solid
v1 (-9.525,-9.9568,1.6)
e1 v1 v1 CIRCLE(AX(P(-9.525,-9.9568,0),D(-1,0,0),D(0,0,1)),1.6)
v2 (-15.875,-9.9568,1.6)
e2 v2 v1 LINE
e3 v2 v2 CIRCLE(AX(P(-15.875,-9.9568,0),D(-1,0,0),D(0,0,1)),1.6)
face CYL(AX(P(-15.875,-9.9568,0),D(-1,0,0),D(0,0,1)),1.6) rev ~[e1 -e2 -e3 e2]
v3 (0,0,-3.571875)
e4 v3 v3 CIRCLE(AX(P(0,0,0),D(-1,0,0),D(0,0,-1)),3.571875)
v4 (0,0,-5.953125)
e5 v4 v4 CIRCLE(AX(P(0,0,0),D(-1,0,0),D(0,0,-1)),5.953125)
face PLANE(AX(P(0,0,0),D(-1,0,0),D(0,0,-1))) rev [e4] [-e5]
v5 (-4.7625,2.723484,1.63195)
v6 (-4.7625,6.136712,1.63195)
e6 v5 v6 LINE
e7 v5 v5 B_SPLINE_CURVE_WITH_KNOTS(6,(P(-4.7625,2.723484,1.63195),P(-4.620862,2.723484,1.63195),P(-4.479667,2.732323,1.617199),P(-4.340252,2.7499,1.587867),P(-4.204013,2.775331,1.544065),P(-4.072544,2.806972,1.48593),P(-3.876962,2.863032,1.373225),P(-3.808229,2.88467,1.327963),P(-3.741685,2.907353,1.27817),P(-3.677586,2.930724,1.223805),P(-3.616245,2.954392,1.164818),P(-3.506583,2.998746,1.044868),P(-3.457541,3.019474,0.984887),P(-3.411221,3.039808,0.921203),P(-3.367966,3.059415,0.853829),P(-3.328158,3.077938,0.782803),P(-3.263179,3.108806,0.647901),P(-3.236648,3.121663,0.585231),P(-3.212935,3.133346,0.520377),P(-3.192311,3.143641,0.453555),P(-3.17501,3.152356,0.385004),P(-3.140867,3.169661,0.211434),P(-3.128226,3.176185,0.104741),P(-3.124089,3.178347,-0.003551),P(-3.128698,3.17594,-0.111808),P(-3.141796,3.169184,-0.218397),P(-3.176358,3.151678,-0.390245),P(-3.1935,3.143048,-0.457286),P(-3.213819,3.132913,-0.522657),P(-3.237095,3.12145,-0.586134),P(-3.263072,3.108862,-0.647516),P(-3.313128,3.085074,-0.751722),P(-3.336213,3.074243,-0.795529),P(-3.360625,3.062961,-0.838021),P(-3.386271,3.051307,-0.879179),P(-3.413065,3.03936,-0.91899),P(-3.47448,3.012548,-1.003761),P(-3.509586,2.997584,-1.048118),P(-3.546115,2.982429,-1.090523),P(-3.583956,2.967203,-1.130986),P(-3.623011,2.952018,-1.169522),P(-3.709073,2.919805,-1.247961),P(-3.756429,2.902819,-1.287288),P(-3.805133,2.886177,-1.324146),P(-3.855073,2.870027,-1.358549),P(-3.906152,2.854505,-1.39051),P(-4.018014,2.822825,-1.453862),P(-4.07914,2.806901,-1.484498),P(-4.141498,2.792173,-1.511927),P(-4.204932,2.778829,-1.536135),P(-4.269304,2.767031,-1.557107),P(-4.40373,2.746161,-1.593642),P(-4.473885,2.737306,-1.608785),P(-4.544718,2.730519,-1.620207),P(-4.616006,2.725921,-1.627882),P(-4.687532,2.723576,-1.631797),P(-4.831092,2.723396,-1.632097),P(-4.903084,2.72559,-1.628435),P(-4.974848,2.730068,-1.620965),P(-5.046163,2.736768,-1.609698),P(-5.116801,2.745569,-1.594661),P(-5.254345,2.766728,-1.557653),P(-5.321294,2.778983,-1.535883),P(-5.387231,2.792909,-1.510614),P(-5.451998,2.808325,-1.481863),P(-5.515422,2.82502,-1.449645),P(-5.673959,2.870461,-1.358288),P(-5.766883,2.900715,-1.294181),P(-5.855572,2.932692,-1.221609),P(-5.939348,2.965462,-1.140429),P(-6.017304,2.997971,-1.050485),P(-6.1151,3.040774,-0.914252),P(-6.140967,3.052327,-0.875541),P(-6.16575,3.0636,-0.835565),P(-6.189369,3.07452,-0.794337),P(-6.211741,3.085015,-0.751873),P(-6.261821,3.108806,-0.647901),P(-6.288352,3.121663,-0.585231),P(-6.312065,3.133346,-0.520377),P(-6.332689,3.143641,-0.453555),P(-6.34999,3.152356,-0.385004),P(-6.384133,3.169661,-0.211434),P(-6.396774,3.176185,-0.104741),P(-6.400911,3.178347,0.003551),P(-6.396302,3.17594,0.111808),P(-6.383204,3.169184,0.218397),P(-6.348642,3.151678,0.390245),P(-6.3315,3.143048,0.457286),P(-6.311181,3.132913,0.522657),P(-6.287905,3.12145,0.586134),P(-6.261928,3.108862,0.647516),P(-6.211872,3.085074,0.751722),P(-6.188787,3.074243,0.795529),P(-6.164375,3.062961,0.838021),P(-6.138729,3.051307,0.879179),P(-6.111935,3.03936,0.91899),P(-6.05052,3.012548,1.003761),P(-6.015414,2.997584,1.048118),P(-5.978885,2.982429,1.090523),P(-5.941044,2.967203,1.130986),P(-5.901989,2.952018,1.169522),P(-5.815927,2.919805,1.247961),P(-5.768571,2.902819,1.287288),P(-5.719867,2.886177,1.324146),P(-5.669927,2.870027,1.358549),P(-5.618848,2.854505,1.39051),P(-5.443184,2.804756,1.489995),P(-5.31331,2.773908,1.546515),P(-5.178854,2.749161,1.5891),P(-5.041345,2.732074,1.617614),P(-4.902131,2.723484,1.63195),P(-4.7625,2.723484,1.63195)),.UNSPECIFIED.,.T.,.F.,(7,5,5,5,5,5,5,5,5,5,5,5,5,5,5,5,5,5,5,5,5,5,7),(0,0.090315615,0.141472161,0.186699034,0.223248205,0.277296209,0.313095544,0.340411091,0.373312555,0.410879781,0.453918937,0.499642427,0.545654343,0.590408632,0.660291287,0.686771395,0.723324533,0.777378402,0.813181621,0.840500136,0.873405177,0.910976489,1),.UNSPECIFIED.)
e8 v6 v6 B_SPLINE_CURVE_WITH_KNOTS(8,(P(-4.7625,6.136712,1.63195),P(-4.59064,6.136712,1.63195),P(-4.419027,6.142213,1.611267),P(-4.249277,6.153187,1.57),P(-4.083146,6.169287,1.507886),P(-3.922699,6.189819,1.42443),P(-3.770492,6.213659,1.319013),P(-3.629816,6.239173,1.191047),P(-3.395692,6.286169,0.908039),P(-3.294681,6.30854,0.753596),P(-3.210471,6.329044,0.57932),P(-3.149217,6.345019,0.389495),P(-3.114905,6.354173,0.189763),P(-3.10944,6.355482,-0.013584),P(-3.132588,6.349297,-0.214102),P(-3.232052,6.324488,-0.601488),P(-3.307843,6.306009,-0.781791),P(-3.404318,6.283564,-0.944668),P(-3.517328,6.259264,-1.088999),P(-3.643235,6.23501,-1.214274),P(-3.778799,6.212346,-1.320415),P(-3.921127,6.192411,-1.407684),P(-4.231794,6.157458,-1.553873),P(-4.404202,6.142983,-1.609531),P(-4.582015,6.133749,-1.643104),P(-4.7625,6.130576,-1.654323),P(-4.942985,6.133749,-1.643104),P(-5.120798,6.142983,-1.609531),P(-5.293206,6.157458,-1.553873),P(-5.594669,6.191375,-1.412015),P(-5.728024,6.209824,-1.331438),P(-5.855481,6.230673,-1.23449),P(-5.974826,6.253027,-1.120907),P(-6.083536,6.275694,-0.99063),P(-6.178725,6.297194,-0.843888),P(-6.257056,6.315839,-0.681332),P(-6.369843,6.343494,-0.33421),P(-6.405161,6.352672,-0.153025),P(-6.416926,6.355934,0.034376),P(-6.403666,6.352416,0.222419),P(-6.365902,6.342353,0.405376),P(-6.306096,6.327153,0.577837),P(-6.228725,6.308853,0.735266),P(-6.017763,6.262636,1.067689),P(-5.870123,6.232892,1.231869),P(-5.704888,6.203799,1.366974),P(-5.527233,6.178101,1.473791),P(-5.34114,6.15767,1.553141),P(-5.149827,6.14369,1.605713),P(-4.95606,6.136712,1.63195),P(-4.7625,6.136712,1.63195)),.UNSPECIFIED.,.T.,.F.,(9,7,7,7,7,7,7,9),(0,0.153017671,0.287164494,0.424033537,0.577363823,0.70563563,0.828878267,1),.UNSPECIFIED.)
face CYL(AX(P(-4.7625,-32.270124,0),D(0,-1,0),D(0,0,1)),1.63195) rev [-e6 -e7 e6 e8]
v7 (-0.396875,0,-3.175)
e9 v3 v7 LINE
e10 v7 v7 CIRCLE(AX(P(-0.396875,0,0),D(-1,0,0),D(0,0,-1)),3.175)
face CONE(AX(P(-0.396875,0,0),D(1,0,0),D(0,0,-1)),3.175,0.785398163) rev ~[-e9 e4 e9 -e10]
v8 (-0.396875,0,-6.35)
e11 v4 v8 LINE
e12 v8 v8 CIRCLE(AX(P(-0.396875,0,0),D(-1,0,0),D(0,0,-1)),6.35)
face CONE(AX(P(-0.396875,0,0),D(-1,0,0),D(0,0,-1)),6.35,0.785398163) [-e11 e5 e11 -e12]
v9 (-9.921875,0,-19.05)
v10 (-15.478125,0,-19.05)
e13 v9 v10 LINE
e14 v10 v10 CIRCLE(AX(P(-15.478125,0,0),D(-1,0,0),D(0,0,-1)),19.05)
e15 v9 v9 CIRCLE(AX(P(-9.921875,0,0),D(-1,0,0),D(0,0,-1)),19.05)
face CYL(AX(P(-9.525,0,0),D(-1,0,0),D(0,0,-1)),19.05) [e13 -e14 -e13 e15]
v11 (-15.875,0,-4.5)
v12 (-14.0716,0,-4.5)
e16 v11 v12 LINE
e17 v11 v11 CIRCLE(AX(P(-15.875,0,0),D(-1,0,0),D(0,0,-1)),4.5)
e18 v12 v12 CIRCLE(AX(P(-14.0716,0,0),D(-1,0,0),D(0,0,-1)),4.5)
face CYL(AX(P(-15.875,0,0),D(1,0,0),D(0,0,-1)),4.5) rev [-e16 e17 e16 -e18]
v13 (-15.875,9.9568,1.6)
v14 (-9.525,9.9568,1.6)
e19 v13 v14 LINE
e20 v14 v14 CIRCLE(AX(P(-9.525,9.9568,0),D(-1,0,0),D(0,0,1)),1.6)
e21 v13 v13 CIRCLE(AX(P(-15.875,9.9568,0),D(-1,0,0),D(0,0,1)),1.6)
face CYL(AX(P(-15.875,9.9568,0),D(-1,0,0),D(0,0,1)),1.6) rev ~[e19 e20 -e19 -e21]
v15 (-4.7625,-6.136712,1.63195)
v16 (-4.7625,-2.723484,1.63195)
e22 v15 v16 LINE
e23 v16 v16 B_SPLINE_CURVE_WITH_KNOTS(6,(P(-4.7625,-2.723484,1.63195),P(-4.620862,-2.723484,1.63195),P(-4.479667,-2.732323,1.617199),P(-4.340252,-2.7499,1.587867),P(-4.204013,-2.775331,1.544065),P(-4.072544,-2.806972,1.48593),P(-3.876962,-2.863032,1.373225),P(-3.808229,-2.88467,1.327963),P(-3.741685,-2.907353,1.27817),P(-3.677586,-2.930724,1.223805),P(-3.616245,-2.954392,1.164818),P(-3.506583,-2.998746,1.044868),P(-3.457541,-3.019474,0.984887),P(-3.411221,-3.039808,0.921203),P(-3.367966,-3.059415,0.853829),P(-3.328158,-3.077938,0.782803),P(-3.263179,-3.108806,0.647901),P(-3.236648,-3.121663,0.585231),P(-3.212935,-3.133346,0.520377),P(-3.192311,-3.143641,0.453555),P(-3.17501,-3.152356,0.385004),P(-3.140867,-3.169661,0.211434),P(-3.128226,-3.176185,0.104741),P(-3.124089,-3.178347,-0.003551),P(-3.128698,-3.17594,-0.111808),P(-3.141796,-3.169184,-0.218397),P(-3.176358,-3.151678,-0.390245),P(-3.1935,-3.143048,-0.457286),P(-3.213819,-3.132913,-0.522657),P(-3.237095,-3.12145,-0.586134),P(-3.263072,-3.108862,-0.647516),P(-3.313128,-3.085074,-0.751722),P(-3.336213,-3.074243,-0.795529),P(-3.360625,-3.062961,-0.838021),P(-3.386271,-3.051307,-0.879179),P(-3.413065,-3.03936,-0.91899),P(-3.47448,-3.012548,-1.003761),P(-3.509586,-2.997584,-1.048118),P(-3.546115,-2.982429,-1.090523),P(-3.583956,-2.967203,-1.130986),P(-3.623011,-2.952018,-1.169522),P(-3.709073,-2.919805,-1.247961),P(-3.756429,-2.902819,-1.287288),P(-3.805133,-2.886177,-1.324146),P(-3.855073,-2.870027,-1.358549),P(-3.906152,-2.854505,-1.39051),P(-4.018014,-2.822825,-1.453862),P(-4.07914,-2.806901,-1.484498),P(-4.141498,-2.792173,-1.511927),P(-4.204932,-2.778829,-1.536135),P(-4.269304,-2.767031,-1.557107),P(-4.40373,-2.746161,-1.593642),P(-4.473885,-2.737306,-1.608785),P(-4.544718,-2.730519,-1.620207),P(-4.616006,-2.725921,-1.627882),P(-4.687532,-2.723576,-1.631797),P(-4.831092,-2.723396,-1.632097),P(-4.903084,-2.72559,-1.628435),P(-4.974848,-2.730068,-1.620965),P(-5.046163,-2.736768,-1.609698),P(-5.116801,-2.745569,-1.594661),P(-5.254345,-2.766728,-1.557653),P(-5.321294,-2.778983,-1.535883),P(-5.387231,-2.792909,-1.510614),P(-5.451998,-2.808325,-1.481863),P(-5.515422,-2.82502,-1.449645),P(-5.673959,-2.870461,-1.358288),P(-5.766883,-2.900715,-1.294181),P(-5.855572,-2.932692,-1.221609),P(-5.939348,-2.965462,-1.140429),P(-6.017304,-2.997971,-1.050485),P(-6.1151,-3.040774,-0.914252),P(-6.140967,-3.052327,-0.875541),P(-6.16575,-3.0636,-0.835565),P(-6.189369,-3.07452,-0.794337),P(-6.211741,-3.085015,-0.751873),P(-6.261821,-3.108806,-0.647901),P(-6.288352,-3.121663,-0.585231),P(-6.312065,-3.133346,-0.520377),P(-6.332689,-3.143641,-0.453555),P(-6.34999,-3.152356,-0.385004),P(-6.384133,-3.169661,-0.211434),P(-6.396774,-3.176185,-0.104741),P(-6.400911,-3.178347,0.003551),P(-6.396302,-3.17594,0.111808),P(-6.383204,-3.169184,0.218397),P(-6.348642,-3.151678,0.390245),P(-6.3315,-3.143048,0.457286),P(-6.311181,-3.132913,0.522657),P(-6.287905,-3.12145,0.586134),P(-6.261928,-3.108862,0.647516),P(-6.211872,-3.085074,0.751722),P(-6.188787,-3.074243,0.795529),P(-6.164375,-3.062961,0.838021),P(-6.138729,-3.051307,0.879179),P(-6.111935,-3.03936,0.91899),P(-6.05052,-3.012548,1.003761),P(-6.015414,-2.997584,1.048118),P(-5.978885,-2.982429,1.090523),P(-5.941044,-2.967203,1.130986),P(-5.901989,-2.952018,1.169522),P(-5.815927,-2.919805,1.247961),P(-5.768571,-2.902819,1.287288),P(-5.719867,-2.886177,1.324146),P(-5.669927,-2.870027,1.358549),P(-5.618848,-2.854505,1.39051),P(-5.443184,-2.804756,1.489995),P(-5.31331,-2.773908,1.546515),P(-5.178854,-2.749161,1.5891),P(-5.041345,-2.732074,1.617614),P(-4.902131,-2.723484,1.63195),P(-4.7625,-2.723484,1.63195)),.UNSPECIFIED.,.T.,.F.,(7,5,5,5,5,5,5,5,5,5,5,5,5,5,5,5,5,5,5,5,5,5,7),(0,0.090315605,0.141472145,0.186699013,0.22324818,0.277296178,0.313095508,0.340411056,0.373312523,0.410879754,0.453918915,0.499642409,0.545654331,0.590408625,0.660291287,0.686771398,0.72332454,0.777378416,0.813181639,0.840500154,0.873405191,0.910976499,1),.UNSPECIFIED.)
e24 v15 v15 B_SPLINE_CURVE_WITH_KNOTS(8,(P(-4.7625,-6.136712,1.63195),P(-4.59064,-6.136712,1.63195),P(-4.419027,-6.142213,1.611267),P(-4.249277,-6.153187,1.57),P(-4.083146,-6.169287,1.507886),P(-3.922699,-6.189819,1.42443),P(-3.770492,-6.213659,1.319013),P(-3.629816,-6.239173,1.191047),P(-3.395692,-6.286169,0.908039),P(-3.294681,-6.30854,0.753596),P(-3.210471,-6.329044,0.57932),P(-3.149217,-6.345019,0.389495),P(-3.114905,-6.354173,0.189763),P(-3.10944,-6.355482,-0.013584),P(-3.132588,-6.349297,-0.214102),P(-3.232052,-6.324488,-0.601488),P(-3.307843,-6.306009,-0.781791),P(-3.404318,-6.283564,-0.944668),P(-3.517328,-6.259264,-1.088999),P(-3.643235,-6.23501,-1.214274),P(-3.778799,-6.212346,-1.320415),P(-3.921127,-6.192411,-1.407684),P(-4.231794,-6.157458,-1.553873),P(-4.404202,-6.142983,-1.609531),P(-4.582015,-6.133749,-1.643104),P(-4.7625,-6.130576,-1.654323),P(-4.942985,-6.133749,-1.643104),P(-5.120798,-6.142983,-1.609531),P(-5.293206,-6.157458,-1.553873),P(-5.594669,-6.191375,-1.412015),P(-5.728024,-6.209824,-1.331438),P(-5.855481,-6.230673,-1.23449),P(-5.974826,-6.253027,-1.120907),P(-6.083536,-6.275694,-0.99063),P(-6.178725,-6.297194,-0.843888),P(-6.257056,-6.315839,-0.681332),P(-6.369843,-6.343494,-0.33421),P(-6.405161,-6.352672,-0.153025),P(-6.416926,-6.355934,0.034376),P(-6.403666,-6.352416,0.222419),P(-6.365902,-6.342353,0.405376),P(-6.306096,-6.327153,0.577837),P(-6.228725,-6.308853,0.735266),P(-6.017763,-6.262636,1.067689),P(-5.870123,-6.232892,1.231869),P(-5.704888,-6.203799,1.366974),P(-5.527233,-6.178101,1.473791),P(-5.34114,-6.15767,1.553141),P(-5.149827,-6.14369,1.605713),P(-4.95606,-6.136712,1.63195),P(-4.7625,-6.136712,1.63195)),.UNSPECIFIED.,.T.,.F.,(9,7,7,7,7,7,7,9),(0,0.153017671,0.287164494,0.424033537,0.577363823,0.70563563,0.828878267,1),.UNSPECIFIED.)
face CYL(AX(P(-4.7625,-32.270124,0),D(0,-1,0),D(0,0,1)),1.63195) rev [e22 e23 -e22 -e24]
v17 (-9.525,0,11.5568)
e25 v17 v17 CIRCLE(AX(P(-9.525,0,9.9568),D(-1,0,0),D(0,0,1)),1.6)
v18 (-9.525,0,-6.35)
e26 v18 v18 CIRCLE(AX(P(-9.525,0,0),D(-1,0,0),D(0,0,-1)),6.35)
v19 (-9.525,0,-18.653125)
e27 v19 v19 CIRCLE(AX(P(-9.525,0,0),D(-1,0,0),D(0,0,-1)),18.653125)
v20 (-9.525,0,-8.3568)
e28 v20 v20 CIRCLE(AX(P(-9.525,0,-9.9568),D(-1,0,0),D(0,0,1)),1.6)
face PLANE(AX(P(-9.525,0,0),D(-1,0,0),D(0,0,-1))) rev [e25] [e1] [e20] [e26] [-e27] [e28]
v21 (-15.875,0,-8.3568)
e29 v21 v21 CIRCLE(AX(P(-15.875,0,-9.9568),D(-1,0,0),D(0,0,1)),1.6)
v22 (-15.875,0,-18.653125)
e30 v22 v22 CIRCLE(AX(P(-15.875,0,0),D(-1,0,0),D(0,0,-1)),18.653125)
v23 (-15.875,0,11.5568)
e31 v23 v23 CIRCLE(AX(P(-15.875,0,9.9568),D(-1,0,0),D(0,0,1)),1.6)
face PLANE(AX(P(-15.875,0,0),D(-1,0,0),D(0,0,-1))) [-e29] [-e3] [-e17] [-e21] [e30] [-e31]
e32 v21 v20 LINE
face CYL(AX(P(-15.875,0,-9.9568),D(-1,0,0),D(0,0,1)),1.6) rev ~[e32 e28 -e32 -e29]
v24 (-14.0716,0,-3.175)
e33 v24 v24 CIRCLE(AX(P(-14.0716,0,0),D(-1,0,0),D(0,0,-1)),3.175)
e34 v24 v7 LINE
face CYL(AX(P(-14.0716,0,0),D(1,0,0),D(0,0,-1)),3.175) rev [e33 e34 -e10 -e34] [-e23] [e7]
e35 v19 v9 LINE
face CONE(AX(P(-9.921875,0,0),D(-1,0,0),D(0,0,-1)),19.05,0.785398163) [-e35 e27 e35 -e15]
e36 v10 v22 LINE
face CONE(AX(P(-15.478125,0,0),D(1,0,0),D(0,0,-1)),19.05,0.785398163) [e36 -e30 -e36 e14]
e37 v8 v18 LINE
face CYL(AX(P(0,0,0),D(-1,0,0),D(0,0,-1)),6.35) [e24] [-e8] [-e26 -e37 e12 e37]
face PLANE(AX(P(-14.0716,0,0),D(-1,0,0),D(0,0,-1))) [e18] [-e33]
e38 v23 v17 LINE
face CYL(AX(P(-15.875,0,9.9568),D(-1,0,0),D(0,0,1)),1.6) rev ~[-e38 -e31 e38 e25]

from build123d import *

# Parameters (mm, degrees)
CUT_EXTRUDE1_DEPTH      = 32.270123521
CUT_EXTRUDE1_DEPTH_BACK = 32.270123521
SKETCH3_R               = 1.63195
SKETCH2_R               = 1.6
CUT_EXTRUDE2_DEPTH      = 32.270123571
CHAMFER1_SIZE           = 0.396875


with BuildPart() as part:
    # Sketch1 → Revolve1 (revolve)
    with BuildSketch(Plane.XY):
        Polygon((0, 3.175), (0, 6.35), (-9.525, 6.35), (-9.525, 19.05), (-15.875, 19.05), (-15.875, 4.5), (-14.0716, 4.5), (-14.0716, 3.175), align=None)
    revolve(axis=Axis((0, 0, 0), (-1, 0, 0)))

    # Sketch3 → Cut-Extrude1 (cut, two sides: drawn at the far end of the back side and taken through both)
    with BuildSketch(Plane(origin=(0, 0, 0), x_dir=(1, 0, 0), z_dir=(0, 1, 0)).offset(-CUT_EXTRUDE1_DEPTH_BACK)):
        with Locations((-4.7625, 0)):
            Circle(SKETCH3_R)
    extrude(amount=CUT_EXTRUDE1_DEPTH + CUT_EXTRUDE1_DEPTH_BACK, mode=Mode.SUBTRACT)

    # Sketch2 → Cut-Extrude2 (cut, through all)
    with BuildSketch(Plane.ZY.offset(15.875)):
        with Locations((-9.9568, 0)):
            Circle(SKETCH2_R)
        with Locations((0, 9.9568)):
            Circle(SKETCH2_R)
        with Locations((9.9568, 0)):
            Circle(SKETCH2_R)
        with Locations((0, -9.9568)):
            Circle(SKETCH2_R)
    extrude(amount=-CUT_EXTRUDE2_DEPTH, mode=Mode.SUBTRACT)

    # Chamfer1
    chamfer1_edges = [part.edges().sort_by_distance(p)[0] for p in [
        (0, -3.175, 0),
        (0, -6.35, 0),
        (-9.525, -19.05, 0),
        (-15.875, -19.05, 0),
    ]]
    chamfer(chamfer1_edges, length=CHAMFER1_SIZE)


solid = part.part
